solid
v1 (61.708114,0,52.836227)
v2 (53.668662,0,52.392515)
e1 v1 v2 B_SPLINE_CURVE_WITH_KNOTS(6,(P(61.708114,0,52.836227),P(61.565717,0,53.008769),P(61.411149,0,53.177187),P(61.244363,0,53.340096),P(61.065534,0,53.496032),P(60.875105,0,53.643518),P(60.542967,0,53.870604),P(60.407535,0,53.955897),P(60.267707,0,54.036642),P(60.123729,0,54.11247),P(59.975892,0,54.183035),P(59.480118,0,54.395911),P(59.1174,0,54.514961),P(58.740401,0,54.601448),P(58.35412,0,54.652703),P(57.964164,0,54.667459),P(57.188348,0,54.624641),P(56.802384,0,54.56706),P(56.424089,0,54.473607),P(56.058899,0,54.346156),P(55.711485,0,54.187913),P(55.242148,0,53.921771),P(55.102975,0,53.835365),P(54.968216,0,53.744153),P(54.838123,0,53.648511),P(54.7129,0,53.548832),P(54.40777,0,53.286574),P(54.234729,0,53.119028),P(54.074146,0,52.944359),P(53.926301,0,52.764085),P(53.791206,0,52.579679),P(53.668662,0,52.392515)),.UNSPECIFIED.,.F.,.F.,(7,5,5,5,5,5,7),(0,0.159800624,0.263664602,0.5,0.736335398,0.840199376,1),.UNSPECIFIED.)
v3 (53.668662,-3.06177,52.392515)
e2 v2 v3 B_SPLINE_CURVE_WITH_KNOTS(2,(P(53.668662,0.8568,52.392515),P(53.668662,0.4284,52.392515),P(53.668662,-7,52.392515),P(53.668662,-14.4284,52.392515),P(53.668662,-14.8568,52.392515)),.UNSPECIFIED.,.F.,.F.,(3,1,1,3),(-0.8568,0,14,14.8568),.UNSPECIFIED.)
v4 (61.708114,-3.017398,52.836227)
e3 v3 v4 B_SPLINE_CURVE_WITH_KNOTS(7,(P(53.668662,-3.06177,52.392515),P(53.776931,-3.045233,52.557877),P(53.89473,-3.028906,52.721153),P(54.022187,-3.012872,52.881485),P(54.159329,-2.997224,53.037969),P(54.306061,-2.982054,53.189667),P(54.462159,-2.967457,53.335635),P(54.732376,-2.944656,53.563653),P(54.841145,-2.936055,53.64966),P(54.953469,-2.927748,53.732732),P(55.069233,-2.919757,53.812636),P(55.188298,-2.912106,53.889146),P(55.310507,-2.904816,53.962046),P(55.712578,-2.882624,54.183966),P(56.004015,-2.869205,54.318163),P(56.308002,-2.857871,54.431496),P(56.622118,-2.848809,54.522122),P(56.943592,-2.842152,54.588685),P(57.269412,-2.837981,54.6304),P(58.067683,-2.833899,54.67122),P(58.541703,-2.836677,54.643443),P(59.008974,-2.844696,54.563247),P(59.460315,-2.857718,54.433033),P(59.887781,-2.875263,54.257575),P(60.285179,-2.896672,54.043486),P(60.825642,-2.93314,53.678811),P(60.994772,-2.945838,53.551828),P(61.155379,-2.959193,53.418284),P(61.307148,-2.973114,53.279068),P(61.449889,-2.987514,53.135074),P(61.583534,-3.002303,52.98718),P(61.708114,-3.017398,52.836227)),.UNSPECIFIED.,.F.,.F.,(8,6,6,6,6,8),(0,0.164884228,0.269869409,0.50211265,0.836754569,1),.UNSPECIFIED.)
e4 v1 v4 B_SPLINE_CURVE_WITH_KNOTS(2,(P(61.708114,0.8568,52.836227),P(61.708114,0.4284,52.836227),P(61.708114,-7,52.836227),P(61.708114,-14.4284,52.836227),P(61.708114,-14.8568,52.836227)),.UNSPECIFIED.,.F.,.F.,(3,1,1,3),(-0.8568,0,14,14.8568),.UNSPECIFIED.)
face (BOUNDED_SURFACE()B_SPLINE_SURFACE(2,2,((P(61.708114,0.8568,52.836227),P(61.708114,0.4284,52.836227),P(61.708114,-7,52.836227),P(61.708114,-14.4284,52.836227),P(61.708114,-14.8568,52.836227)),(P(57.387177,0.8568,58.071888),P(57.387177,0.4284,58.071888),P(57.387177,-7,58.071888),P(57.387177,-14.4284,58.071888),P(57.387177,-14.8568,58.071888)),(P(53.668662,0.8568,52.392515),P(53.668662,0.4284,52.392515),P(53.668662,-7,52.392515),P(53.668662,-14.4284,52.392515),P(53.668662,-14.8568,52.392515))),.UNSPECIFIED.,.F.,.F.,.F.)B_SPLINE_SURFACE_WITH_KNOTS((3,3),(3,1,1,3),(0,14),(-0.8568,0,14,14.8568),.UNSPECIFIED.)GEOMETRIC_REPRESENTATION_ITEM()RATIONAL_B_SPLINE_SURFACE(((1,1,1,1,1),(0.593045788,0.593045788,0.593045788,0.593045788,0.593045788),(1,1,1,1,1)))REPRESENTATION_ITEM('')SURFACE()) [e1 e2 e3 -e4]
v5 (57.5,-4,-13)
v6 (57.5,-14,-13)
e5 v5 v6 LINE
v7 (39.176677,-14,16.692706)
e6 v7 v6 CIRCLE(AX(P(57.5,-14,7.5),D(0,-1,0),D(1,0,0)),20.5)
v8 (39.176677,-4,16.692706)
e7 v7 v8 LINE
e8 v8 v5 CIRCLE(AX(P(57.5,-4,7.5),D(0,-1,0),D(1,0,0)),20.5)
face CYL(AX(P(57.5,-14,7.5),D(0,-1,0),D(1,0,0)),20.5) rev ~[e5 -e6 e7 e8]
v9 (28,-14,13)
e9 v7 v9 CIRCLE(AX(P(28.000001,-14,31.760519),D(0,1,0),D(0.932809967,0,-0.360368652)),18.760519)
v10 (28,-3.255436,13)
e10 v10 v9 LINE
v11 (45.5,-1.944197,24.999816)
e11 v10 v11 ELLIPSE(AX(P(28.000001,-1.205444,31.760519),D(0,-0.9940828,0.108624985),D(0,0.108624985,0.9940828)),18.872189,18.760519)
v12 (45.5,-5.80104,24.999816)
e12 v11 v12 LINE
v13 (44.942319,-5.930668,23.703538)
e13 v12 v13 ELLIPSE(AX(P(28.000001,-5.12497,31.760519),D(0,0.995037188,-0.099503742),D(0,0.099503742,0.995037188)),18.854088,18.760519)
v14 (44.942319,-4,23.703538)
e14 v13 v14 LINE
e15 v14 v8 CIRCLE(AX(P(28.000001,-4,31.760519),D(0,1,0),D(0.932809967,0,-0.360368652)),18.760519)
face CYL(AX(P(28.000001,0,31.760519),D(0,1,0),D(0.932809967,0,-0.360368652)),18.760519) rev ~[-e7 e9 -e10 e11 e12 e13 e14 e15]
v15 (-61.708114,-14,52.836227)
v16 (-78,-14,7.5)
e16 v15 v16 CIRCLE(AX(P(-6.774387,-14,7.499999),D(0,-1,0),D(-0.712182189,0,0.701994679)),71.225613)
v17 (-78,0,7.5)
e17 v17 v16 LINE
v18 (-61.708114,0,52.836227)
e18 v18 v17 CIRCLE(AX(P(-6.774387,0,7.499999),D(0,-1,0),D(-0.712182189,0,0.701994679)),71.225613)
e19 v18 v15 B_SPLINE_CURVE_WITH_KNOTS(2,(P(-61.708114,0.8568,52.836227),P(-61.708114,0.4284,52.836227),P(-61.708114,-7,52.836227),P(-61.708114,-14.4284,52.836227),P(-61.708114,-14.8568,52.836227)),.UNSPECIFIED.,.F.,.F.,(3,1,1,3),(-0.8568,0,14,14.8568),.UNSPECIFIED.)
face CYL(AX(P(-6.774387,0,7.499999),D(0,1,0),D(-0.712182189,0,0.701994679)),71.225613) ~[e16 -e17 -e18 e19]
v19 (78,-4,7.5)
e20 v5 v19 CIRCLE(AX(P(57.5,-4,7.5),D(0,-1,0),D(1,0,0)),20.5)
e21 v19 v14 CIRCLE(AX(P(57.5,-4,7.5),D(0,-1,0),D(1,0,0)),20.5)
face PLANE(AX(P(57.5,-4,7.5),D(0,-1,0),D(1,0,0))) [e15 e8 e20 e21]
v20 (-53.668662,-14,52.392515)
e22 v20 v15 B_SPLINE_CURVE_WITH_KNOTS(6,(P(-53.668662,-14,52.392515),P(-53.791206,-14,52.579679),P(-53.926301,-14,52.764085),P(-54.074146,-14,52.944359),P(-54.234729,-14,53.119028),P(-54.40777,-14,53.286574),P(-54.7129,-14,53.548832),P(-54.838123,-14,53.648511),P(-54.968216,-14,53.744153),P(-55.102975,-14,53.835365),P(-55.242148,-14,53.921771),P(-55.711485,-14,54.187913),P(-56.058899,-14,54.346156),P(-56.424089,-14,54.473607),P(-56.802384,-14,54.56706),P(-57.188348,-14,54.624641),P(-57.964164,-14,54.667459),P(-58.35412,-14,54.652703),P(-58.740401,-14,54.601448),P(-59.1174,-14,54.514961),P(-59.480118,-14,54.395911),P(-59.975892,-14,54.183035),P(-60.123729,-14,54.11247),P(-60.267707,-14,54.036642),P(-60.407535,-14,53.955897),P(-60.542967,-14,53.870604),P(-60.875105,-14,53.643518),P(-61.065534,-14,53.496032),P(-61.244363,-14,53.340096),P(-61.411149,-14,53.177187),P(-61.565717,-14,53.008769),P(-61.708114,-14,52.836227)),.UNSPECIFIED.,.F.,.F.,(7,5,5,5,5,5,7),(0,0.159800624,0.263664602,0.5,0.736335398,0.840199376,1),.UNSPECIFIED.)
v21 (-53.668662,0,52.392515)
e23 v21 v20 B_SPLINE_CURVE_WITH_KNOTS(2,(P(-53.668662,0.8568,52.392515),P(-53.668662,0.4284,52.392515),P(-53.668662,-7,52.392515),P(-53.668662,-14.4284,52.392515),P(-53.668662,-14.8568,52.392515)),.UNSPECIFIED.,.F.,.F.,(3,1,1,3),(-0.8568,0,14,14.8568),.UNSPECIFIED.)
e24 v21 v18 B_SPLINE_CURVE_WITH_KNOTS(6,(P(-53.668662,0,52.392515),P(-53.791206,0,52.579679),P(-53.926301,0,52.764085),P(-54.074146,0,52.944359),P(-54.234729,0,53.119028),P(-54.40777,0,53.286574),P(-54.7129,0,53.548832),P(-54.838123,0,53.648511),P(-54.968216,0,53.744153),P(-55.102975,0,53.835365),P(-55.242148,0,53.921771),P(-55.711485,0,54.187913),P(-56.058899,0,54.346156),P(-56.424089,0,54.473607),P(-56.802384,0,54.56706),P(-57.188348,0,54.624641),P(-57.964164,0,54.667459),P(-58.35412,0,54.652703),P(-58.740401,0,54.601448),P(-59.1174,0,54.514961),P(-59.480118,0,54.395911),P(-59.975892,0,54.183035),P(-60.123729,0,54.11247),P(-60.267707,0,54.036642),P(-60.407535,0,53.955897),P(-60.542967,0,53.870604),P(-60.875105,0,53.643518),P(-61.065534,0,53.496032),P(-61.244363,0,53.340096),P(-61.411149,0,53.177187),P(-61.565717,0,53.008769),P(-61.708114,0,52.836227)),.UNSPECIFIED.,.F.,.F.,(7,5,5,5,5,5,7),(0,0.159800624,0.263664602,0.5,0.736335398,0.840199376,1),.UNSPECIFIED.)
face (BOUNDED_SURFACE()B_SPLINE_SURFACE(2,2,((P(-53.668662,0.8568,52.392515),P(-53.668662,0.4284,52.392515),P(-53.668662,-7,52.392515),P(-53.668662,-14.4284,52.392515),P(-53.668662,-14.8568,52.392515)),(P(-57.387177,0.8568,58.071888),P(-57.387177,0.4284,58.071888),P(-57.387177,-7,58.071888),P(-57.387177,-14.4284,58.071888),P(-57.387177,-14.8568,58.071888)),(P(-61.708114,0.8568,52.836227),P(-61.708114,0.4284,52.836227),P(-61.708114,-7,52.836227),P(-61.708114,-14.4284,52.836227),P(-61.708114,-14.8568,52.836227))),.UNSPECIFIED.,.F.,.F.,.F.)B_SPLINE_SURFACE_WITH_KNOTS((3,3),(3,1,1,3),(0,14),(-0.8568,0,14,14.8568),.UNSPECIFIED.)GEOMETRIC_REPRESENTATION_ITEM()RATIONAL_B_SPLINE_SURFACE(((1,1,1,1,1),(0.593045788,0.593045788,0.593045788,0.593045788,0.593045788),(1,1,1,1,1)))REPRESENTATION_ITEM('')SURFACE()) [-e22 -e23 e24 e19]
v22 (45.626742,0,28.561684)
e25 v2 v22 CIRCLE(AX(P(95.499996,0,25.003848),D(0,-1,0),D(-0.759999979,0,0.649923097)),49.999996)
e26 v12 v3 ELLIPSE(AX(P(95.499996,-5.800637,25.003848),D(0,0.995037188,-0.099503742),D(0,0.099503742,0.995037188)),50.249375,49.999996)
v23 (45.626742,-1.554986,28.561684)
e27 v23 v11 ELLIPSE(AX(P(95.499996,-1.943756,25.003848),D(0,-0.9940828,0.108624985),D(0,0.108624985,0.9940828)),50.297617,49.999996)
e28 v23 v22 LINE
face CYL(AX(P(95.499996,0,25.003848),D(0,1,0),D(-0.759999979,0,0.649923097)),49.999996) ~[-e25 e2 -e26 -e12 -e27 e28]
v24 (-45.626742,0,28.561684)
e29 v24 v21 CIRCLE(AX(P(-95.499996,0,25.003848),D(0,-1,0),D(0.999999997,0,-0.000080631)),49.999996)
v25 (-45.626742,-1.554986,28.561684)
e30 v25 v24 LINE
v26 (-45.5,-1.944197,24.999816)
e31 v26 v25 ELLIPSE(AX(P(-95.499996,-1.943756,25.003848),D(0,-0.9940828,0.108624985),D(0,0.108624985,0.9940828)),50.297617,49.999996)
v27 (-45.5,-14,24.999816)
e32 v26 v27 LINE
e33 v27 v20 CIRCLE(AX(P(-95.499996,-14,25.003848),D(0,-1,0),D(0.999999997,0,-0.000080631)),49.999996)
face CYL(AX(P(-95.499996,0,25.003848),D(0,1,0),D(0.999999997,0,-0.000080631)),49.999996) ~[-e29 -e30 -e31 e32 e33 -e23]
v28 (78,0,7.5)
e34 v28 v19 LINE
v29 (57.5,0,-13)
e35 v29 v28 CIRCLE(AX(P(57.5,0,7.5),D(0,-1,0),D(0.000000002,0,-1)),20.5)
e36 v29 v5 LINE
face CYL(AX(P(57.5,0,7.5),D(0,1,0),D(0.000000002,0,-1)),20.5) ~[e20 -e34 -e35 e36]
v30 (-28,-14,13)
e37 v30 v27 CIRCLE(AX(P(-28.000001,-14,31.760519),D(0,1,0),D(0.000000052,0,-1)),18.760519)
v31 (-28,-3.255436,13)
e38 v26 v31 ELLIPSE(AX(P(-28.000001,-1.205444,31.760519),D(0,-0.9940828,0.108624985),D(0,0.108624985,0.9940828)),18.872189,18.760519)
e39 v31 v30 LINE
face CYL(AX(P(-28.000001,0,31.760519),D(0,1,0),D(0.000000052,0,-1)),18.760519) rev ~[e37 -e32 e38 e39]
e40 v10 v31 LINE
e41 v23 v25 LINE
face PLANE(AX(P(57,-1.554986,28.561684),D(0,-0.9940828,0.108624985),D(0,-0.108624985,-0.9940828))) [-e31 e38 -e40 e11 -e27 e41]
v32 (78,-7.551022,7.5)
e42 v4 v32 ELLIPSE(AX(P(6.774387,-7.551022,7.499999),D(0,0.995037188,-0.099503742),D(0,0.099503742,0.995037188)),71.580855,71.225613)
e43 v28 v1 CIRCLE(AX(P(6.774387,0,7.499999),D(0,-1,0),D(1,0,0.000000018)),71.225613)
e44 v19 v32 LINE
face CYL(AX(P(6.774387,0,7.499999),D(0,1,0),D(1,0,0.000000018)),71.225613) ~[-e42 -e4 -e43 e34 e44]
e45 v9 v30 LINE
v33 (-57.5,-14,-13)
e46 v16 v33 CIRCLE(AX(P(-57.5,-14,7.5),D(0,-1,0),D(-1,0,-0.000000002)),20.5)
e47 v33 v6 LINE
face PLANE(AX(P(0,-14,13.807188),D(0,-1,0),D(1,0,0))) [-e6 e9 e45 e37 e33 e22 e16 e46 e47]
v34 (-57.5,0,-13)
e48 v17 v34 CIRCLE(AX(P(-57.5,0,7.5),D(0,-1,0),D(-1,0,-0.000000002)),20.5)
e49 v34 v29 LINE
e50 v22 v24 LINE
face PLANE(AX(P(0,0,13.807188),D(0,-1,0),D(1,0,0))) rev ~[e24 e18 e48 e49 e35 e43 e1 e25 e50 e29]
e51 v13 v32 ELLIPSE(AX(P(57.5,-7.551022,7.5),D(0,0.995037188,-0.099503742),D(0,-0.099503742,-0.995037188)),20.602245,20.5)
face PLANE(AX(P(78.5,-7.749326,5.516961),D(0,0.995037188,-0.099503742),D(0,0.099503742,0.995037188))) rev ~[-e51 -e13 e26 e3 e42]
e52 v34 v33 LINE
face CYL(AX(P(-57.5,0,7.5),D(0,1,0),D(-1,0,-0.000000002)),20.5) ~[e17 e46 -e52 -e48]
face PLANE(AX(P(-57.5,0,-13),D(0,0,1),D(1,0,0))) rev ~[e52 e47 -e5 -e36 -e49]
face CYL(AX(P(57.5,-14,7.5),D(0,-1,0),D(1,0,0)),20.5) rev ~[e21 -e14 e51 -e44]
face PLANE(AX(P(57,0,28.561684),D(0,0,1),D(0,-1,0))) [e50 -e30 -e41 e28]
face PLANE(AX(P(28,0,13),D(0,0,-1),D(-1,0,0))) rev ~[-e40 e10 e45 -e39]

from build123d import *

# Parameters (mm, degrees)
F1_DEPTH  = 14
F2_R      = 5
F3_R      = 20.5
F4_DEPTH  = 10
F7_DEPTH  = 35.5
F10_DEPTH = 106.1


with BuildPart() as f1:
    # F0 (on Front) → F1 (new body)
    with BuildSketch(Plane.XZ):
        with BuildLine():
            ThreePointArc((45.5, 24.999816), (38.609496, 16.288102), (28, 13))
            Line((28, 13), (-28, 13))
            ThreePointArc((-28, 13), (-38.609496, 16.288102), (-45.5, 24.999816))
            ThreePointArc((-45.5, 24.999816), (-48.595144, 42.322464), (-57.5, 57.5))
            ThreePointArc((-57.5, 57.5), (-72.676021, 34.519669), (-78, 7.5))
            ThreePointArc((-78, 7.5), (-71.995689, -6.995689), (-57.5, -13))
            Line((-57.5, -13), (-28, -13))
            Line((-28, -13), (28, -13))
            Line((28, -13), (57.5, -13))
            ThreePointArc((57.5, -13), (71.995689, -6.995689), (78, 7.5))
            ThreePointArc((78, 7.5), (72.676021, 34.519669), (57.5, 57.5))
            ThreePointArc((57.5, 57.5), (48.595144, 42.322464), (45.5, 24.999816))
        make_face()
    extrude(amount=F1_DEPTH)

    # F2
    f2_edges = [f1.edges().sort_by_distance(p)[0] for p in [
        (57.5, -7, 57.5),
        (-57.5, -7, 57.5),
    ]]
    fillet(f2_edges, radius=F2_R)

    # F3 (on face) → F4 (cut)
    with BuildSketch(Plane.XZ.offset(14)):
        with Locations((57.5, 7.5)):
            Circle(F3_R)
    extrude(amount=-F4_DEPTH, mode=Mode.SUBTRACT)

    # F6 (on offset) → F7 (cut)
    with BuildSketch(Plane.YZ.offset(78.5)):
        Polygon((-16.908804, 57.223689), (-16.908804, 6.107894), (-7.749326, 5.516961), (-2.578652, 57.223689), align=None)
    extrude(amount=-F7_DEPTH, mode=Mode.SUBTRACT)

    # F9 (on offset) → F10 (join)
    with BuildSketch(Plane.YZ.offset(57)):
        Polygon((0, 0), (0, 6.538654), (0, 28.561684), (-1.554986, 28.561684), (-3.524526, 10.537416), (-3.524526, 0), align=None)
    extrude(amount=-F10_DEPTH)


solid = f1.part
